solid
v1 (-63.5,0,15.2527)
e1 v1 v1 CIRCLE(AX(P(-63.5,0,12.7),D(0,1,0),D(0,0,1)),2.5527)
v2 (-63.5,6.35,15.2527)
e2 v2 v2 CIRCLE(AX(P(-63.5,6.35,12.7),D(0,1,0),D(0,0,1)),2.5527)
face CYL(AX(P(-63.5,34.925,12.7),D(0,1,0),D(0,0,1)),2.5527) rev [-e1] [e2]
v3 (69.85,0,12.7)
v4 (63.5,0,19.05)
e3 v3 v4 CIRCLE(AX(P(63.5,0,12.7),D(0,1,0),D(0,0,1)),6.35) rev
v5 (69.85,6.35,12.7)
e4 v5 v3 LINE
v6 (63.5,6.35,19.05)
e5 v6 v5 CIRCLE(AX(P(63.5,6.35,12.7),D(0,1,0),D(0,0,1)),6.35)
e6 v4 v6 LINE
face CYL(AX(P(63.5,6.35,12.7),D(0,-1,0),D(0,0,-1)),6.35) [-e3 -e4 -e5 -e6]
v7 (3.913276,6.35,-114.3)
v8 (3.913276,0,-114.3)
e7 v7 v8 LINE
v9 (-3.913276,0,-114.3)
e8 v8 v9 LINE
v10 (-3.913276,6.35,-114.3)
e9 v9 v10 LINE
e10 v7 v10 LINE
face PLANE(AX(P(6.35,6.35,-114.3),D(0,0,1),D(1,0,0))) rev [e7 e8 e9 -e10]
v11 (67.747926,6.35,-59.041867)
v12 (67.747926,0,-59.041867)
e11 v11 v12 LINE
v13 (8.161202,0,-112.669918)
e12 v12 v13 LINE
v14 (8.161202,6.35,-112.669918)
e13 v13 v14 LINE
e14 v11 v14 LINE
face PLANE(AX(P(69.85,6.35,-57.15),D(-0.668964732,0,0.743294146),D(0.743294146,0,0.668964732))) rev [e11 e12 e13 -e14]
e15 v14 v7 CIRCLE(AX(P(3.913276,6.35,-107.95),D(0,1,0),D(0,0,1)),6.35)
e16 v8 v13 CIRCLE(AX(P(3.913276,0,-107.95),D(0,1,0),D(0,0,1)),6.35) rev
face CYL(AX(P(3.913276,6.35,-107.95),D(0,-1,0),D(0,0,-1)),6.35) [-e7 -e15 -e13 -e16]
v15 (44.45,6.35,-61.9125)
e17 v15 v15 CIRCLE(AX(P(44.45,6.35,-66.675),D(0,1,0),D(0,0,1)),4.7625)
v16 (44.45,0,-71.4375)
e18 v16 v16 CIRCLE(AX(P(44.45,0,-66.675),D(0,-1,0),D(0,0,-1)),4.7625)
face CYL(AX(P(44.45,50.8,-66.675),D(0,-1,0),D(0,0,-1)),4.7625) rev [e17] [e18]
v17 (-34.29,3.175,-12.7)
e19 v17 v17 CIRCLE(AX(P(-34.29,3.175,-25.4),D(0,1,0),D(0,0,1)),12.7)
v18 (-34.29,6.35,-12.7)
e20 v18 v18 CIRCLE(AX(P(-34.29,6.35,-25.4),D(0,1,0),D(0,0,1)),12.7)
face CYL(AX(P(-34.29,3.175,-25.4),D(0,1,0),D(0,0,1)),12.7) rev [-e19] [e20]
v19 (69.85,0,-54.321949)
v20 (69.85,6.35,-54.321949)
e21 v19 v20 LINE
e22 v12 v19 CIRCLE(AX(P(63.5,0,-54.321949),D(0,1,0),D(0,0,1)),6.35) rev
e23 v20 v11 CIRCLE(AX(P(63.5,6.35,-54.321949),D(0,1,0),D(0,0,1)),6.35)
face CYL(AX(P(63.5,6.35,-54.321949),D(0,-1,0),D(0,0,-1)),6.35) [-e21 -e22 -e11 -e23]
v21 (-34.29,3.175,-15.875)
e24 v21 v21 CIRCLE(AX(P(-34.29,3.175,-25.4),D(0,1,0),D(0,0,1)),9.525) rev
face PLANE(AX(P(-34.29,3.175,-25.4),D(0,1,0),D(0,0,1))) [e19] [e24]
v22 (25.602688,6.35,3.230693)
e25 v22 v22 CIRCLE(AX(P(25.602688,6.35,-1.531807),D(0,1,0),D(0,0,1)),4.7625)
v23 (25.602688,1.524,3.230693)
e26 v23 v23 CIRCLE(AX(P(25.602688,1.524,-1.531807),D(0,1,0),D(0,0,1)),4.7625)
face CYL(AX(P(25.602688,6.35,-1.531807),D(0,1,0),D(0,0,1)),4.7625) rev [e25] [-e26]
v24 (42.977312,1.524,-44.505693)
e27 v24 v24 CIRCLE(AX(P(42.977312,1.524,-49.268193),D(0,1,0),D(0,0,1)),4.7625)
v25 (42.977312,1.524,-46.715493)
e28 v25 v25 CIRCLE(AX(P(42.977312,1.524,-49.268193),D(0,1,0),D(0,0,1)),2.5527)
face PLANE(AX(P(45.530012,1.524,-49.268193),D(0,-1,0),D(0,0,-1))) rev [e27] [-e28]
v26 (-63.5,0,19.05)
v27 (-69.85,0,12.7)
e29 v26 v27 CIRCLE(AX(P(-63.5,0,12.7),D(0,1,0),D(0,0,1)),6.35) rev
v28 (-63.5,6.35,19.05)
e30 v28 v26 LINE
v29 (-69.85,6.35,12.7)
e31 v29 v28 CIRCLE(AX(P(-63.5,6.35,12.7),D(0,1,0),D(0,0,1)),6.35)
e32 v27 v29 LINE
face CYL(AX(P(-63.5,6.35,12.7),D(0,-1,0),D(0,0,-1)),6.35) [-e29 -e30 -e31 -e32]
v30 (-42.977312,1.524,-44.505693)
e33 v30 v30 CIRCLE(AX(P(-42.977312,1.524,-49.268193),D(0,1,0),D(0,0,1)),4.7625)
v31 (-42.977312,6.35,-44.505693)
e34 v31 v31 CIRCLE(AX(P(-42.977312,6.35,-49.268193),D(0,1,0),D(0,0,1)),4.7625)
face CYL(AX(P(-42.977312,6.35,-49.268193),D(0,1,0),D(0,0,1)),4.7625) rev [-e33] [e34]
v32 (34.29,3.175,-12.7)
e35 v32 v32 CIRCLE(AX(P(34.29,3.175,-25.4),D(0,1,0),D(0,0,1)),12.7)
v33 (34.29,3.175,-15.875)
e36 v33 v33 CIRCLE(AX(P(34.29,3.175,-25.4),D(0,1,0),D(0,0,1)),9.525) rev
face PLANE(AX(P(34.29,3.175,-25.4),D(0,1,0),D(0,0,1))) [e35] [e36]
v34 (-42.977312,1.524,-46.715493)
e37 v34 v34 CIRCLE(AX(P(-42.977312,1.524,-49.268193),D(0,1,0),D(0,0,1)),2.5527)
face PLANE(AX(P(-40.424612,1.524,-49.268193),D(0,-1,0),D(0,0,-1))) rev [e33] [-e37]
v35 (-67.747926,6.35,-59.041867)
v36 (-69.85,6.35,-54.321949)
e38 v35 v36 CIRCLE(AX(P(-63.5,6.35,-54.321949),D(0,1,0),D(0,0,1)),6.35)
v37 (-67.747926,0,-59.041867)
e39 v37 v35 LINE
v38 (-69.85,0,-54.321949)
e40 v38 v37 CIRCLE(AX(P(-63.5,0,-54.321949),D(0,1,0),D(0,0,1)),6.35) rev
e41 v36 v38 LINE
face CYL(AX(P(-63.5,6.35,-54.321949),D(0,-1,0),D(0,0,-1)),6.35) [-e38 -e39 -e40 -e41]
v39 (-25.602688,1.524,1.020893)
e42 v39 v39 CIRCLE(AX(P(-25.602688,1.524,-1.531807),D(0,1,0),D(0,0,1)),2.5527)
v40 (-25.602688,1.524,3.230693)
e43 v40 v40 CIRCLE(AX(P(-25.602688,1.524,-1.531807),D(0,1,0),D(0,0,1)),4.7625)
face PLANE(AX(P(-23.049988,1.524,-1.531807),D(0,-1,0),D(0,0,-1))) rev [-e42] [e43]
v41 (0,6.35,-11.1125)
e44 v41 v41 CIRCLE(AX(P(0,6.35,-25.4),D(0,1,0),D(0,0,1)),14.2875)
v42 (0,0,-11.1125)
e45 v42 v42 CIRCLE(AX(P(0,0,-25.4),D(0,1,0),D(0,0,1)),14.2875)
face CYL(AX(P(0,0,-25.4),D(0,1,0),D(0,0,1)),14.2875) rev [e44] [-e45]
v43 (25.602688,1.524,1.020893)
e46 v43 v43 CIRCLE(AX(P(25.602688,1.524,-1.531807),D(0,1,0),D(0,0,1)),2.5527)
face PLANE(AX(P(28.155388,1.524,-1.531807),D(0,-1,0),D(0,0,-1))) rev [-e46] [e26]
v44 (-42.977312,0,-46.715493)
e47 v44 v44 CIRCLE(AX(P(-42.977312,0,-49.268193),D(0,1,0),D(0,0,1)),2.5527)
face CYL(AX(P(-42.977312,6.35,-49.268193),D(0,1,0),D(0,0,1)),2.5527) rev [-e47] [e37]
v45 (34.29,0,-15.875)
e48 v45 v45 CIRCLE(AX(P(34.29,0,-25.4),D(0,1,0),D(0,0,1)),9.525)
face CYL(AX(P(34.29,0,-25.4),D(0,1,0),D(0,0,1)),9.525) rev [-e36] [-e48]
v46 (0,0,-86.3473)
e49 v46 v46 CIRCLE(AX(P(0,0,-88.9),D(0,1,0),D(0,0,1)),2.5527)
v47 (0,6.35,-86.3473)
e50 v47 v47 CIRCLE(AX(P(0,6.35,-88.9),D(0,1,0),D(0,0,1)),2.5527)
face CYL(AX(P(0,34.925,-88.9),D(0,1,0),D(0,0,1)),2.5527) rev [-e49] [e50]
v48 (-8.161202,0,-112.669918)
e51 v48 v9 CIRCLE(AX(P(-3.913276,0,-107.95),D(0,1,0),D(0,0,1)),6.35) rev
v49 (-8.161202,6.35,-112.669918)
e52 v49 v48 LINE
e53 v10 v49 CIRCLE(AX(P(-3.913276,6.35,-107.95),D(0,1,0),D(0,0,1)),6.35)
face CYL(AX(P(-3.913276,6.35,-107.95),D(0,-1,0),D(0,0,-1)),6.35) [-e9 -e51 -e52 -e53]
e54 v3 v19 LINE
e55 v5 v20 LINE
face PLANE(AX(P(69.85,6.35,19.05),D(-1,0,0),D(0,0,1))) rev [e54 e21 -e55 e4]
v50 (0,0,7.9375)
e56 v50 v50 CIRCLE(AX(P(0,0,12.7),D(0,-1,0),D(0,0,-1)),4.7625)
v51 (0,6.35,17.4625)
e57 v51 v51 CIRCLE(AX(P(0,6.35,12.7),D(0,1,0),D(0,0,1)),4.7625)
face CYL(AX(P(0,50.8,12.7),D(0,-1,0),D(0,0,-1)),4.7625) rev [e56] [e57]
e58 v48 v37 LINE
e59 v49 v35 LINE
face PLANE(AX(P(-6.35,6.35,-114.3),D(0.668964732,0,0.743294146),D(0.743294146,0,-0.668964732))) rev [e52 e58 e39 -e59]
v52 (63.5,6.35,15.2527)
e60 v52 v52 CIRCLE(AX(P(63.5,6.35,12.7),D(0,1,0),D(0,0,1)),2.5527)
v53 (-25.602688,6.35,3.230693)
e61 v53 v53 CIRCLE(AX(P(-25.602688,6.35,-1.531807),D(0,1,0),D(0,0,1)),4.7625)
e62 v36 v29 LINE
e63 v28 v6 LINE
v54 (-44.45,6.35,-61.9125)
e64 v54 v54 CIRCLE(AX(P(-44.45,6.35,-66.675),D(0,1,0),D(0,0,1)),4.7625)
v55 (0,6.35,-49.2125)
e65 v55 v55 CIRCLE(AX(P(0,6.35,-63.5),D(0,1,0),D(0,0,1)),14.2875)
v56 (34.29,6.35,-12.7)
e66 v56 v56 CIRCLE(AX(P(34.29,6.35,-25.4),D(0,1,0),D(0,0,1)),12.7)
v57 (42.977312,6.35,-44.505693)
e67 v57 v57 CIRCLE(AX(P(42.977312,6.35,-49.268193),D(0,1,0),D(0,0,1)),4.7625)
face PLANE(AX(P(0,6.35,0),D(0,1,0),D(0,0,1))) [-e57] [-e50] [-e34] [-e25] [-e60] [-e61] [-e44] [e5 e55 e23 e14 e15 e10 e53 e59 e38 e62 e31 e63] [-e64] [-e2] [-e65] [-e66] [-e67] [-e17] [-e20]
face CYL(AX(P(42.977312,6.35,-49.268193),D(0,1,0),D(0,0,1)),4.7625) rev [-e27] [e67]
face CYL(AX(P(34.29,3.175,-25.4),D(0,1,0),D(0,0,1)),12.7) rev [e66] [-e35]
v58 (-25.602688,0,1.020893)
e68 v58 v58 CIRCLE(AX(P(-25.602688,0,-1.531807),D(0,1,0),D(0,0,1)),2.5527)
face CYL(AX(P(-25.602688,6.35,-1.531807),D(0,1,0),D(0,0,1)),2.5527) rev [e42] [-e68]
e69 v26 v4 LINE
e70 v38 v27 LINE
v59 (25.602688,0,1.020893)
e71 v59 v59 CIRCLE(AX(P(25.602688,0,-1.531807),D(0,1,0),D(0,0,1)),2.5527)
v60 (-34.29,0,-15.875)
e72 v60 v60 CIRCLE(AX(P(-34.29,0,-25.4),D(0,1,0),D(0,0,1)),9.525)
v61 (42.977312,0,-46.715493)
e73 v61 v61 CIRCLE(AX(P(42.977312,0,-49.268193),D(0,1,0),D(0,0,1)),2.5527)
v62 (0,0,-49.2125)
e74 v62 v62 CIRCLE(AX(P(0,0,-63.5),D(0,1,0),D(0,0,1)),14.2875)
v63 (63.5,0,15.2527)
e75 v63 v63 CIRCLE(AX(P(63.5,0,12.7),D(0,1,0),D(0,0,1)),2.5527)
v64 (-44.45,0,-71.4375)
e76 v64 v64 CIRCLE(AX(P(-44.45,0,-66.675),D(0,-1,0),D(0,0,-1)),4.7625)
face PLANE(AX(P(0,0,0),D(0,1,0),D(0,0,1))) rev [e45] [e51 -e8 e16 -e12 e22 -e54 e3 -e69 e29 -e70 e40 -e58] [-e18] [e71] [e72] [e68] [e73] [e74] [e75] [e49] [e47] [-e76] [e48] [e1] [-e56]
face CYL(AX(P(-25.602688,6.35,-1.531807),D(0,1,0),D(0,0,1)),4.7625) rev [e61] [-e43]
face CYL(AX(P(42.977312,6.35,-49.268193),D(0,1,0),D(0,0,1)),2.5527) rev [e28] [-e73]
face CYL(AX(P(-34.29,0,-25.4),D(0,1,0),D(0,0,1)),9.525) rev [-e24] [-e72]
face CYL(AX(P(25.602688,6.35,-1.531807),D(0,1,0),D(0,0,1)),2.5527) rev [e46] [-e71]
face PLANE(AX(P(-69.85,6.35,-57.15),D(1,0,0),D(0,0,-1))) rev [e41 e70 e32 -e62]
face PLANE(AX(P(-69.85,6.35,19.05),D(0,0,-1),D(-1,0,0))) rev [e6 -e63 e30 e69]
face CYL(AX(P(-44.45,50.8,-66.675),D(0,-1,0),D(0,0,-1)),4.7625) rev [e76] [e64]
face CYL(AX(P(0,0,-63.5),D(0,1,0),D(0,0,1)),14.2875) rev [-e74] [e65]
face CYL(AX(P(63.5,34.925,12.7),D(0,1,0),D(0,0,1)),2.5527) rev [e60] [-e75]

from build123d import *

# Parameters (mm, degrees)
BOSS_EXTRUDE1_DEPTH                             = 6.35
SKETCH2_R                                       = 9.525
MOTOR_SHAFT_HOLES_DEPTH                         = 135.10382172
SKETCH3_R                                       = 14.2875
FIRST_BEARING_HOLE_DEPTH                        = 135.10382172
SKETCH4_R                                       = 12.7
PINION_CLEARANCE_DEPTH                          = 3.175
SKETCH5_R                                       = 14.2875
CUT_EXTRUDE1_DEPTH                              = 135.10382172
CBORE_FOR_10_SOCKET_HEAD_CAP_SCREW1_D           = 5.1054
CBORE_FOR_10_SOCKET_HEAD_CAP_SCREW1_CBORE_D     = 9.525
CBORE_FOR_10_SOCKET_HEAD_CAP_SCREW1_CBORE_DEPTH = 4.826
F_10_CLEARANCE_HOLE1_D                          = 5.1054
FILLET1_R                                       = 6.35
SKETCH11_R                                      = 4.7625
CUT_EXTRUDE2_DEPTH                              = 50.8


with BuildPart() as part:
    # Sketch1 → Boss-Extrude1 (new body)
    with BuildSketch(Plane(origin=(0, 0, 0), x_dir=(1, 0, 0), z_dir=(0, 1, 0))):
        Polygon((69.85, -19.05), (69.85, 57.15), (6.35, 114.3), (-6.35, 114.3), (-69.85, 57.15), (-69.85, -19.05), align=None)
    extrude(amount=BOSS_EXTRUDE1_DEPTH)

    # Sketch2 → Motor Shaft Holes (cut, through all)
    with BuildSketch(Plane(origin=(0, 6.35, 0), x_dir=(1, 0, 0), z_dir=(0, 1, 0))):
        with Locations(Location((-34.29, 25.4, 0), (0, 0, 270))):
            Circle(SKETCH2_R)
        with Locations(Location((34.29, 25.4, 0), (0, 0, 270))):
            Circle(SKETCH2_R)
    extrude(amount=-MOTOR_SHAFT_HOLES_DEPTH, mode=Mode.SUBTRACT)

    # Sketch3 → First Bearing Hole (cut, through all)
    with BuildSketch(Plane(origin=(0, 6.35, 0), x_dir=(1, 0, 0), z_dir=(0, 1, 0))):
        with Locations(Location((0, 25.4, 0), (0, 0, 270))):
            Circle(SKETCH3_R)
    extrude(amount=-FIRST_BEARING_HOLE_DEPTH, mode=Mode.SUBTRACT)

    # Sketch4 → Pinion Clearance (cut)
    with BuildSketch(Plane(origin=(0, 6.35, 0), x_dir=(1, 0, 0), z_dir=(0, 1, 0))):
        with Locations(Location((-34.29, 25.4, 0), (0, 0, 270))):
            Circle(SKETCH4_R)
        with Locations(Location((34.29, 25.4, 0), (0, 0, 270))):
            Circle(SKETCH4_R)
    extrude(amount=-PINION_CLEARANCE_DEPTH, mode=Mode.SUBTRACT)

    # Sketch5 → Cut-Extrude1 (cut, through all)
    with BuildSketch(Plane(origin=(0, 6.35, 0), x_dir=(1, 0, 0), z_dir=(0, 1, 0))):
        with Locations(Location((0, 63.5, 0), (0, 0, 270))):
            Circle(SKETCH5_R)
    extrude(amount=-CUT_EXTRUDE1_DEPTH, mode=Mode.SUBTRACT)

    # CBORE for #10 Socket Head Cap Screw1 (through all)
    with Locations(Plane(origin=(0, 6.35, 0), x_dir=(1, 0, 0), z_dir=(0, 1, 0))):
        with Locations((-42.97731164, 49.268192568), (-25.60268836, 1.531807432)):
            cbore_for_10_socket_head_cap_screw1 = CounterBoreHole(CBORE_FOR_10_SOCKET_HEAD_CAP_SCREW1_D / 2, CBORE_FOR_10_SOCKET_HEAD_CAP_SCREW1_CBORE_D / 2, CBORE_FOR_10_SOCKET_HEAD_CAP_SCREW1_CBORE_DEPTH)

    # Mirror1: CBORE for #10 Socket Head Cap Screw1 across plane
    add(cbore_for_10_socket_head_cap_screw1.mirror(Plane(origin=(0, 0, 0), x_dir=(0, 0, 1), z_dir=(1, 0, 0))), mode=Mode.SUBTRACT)

    # #10 Clearance Hole1 (through all)
    with Locations(Plane(origin=(0, 34.925, 19.05), x_dir=(1, 0, 0), z_dir=(0, 1, 0))):
        with Locations((-63.5, 6.35), (63.5, 6.35), (0, 107.95)):
            Hole(F_10_CLEARANCE_HOLE1_D / 2)

    # Fillet1
    fillet1_edges = [part.edges().sort_by_distance(p)[0] for p in [
        (69.85, 3.175, -57.15),
        (69.85, 3.175, 19.05),
        (-69.85, 3.175, 19.05),
        (-69.85, 3.175, -57.15),
        (-6.35, 3.175, -114.3),
        (6.35, 3.175, -114.3),
    ]]
    fillet(fillet1_edges, radius=FILLET1_R)

    # Sketch11 → Cut-Extrude2 (cut)
    with BuildSketch(Plane(origin=(0, 0, 19.05), x_dir=(-1, 0, 0), z_dir=(0, -1, 0))):
        with Locations(Location((-44.45, 85.725, 0), (0, 0, 90))):
            Circle(SKETCH11_R)
        with Locations(Location((44.45, 85.725, 0), (0, 0, 90))):
            Circle(SKETCH11_R)
        with Locations(Location((0, 6.35, 0), (0, 0, 90))):
            Circle(SKETCH11_R)
    extrude(amount=-CUT_EXTRUDE2_DEPTH, mode=Mode.SUBTRACT)


solid = part.part
